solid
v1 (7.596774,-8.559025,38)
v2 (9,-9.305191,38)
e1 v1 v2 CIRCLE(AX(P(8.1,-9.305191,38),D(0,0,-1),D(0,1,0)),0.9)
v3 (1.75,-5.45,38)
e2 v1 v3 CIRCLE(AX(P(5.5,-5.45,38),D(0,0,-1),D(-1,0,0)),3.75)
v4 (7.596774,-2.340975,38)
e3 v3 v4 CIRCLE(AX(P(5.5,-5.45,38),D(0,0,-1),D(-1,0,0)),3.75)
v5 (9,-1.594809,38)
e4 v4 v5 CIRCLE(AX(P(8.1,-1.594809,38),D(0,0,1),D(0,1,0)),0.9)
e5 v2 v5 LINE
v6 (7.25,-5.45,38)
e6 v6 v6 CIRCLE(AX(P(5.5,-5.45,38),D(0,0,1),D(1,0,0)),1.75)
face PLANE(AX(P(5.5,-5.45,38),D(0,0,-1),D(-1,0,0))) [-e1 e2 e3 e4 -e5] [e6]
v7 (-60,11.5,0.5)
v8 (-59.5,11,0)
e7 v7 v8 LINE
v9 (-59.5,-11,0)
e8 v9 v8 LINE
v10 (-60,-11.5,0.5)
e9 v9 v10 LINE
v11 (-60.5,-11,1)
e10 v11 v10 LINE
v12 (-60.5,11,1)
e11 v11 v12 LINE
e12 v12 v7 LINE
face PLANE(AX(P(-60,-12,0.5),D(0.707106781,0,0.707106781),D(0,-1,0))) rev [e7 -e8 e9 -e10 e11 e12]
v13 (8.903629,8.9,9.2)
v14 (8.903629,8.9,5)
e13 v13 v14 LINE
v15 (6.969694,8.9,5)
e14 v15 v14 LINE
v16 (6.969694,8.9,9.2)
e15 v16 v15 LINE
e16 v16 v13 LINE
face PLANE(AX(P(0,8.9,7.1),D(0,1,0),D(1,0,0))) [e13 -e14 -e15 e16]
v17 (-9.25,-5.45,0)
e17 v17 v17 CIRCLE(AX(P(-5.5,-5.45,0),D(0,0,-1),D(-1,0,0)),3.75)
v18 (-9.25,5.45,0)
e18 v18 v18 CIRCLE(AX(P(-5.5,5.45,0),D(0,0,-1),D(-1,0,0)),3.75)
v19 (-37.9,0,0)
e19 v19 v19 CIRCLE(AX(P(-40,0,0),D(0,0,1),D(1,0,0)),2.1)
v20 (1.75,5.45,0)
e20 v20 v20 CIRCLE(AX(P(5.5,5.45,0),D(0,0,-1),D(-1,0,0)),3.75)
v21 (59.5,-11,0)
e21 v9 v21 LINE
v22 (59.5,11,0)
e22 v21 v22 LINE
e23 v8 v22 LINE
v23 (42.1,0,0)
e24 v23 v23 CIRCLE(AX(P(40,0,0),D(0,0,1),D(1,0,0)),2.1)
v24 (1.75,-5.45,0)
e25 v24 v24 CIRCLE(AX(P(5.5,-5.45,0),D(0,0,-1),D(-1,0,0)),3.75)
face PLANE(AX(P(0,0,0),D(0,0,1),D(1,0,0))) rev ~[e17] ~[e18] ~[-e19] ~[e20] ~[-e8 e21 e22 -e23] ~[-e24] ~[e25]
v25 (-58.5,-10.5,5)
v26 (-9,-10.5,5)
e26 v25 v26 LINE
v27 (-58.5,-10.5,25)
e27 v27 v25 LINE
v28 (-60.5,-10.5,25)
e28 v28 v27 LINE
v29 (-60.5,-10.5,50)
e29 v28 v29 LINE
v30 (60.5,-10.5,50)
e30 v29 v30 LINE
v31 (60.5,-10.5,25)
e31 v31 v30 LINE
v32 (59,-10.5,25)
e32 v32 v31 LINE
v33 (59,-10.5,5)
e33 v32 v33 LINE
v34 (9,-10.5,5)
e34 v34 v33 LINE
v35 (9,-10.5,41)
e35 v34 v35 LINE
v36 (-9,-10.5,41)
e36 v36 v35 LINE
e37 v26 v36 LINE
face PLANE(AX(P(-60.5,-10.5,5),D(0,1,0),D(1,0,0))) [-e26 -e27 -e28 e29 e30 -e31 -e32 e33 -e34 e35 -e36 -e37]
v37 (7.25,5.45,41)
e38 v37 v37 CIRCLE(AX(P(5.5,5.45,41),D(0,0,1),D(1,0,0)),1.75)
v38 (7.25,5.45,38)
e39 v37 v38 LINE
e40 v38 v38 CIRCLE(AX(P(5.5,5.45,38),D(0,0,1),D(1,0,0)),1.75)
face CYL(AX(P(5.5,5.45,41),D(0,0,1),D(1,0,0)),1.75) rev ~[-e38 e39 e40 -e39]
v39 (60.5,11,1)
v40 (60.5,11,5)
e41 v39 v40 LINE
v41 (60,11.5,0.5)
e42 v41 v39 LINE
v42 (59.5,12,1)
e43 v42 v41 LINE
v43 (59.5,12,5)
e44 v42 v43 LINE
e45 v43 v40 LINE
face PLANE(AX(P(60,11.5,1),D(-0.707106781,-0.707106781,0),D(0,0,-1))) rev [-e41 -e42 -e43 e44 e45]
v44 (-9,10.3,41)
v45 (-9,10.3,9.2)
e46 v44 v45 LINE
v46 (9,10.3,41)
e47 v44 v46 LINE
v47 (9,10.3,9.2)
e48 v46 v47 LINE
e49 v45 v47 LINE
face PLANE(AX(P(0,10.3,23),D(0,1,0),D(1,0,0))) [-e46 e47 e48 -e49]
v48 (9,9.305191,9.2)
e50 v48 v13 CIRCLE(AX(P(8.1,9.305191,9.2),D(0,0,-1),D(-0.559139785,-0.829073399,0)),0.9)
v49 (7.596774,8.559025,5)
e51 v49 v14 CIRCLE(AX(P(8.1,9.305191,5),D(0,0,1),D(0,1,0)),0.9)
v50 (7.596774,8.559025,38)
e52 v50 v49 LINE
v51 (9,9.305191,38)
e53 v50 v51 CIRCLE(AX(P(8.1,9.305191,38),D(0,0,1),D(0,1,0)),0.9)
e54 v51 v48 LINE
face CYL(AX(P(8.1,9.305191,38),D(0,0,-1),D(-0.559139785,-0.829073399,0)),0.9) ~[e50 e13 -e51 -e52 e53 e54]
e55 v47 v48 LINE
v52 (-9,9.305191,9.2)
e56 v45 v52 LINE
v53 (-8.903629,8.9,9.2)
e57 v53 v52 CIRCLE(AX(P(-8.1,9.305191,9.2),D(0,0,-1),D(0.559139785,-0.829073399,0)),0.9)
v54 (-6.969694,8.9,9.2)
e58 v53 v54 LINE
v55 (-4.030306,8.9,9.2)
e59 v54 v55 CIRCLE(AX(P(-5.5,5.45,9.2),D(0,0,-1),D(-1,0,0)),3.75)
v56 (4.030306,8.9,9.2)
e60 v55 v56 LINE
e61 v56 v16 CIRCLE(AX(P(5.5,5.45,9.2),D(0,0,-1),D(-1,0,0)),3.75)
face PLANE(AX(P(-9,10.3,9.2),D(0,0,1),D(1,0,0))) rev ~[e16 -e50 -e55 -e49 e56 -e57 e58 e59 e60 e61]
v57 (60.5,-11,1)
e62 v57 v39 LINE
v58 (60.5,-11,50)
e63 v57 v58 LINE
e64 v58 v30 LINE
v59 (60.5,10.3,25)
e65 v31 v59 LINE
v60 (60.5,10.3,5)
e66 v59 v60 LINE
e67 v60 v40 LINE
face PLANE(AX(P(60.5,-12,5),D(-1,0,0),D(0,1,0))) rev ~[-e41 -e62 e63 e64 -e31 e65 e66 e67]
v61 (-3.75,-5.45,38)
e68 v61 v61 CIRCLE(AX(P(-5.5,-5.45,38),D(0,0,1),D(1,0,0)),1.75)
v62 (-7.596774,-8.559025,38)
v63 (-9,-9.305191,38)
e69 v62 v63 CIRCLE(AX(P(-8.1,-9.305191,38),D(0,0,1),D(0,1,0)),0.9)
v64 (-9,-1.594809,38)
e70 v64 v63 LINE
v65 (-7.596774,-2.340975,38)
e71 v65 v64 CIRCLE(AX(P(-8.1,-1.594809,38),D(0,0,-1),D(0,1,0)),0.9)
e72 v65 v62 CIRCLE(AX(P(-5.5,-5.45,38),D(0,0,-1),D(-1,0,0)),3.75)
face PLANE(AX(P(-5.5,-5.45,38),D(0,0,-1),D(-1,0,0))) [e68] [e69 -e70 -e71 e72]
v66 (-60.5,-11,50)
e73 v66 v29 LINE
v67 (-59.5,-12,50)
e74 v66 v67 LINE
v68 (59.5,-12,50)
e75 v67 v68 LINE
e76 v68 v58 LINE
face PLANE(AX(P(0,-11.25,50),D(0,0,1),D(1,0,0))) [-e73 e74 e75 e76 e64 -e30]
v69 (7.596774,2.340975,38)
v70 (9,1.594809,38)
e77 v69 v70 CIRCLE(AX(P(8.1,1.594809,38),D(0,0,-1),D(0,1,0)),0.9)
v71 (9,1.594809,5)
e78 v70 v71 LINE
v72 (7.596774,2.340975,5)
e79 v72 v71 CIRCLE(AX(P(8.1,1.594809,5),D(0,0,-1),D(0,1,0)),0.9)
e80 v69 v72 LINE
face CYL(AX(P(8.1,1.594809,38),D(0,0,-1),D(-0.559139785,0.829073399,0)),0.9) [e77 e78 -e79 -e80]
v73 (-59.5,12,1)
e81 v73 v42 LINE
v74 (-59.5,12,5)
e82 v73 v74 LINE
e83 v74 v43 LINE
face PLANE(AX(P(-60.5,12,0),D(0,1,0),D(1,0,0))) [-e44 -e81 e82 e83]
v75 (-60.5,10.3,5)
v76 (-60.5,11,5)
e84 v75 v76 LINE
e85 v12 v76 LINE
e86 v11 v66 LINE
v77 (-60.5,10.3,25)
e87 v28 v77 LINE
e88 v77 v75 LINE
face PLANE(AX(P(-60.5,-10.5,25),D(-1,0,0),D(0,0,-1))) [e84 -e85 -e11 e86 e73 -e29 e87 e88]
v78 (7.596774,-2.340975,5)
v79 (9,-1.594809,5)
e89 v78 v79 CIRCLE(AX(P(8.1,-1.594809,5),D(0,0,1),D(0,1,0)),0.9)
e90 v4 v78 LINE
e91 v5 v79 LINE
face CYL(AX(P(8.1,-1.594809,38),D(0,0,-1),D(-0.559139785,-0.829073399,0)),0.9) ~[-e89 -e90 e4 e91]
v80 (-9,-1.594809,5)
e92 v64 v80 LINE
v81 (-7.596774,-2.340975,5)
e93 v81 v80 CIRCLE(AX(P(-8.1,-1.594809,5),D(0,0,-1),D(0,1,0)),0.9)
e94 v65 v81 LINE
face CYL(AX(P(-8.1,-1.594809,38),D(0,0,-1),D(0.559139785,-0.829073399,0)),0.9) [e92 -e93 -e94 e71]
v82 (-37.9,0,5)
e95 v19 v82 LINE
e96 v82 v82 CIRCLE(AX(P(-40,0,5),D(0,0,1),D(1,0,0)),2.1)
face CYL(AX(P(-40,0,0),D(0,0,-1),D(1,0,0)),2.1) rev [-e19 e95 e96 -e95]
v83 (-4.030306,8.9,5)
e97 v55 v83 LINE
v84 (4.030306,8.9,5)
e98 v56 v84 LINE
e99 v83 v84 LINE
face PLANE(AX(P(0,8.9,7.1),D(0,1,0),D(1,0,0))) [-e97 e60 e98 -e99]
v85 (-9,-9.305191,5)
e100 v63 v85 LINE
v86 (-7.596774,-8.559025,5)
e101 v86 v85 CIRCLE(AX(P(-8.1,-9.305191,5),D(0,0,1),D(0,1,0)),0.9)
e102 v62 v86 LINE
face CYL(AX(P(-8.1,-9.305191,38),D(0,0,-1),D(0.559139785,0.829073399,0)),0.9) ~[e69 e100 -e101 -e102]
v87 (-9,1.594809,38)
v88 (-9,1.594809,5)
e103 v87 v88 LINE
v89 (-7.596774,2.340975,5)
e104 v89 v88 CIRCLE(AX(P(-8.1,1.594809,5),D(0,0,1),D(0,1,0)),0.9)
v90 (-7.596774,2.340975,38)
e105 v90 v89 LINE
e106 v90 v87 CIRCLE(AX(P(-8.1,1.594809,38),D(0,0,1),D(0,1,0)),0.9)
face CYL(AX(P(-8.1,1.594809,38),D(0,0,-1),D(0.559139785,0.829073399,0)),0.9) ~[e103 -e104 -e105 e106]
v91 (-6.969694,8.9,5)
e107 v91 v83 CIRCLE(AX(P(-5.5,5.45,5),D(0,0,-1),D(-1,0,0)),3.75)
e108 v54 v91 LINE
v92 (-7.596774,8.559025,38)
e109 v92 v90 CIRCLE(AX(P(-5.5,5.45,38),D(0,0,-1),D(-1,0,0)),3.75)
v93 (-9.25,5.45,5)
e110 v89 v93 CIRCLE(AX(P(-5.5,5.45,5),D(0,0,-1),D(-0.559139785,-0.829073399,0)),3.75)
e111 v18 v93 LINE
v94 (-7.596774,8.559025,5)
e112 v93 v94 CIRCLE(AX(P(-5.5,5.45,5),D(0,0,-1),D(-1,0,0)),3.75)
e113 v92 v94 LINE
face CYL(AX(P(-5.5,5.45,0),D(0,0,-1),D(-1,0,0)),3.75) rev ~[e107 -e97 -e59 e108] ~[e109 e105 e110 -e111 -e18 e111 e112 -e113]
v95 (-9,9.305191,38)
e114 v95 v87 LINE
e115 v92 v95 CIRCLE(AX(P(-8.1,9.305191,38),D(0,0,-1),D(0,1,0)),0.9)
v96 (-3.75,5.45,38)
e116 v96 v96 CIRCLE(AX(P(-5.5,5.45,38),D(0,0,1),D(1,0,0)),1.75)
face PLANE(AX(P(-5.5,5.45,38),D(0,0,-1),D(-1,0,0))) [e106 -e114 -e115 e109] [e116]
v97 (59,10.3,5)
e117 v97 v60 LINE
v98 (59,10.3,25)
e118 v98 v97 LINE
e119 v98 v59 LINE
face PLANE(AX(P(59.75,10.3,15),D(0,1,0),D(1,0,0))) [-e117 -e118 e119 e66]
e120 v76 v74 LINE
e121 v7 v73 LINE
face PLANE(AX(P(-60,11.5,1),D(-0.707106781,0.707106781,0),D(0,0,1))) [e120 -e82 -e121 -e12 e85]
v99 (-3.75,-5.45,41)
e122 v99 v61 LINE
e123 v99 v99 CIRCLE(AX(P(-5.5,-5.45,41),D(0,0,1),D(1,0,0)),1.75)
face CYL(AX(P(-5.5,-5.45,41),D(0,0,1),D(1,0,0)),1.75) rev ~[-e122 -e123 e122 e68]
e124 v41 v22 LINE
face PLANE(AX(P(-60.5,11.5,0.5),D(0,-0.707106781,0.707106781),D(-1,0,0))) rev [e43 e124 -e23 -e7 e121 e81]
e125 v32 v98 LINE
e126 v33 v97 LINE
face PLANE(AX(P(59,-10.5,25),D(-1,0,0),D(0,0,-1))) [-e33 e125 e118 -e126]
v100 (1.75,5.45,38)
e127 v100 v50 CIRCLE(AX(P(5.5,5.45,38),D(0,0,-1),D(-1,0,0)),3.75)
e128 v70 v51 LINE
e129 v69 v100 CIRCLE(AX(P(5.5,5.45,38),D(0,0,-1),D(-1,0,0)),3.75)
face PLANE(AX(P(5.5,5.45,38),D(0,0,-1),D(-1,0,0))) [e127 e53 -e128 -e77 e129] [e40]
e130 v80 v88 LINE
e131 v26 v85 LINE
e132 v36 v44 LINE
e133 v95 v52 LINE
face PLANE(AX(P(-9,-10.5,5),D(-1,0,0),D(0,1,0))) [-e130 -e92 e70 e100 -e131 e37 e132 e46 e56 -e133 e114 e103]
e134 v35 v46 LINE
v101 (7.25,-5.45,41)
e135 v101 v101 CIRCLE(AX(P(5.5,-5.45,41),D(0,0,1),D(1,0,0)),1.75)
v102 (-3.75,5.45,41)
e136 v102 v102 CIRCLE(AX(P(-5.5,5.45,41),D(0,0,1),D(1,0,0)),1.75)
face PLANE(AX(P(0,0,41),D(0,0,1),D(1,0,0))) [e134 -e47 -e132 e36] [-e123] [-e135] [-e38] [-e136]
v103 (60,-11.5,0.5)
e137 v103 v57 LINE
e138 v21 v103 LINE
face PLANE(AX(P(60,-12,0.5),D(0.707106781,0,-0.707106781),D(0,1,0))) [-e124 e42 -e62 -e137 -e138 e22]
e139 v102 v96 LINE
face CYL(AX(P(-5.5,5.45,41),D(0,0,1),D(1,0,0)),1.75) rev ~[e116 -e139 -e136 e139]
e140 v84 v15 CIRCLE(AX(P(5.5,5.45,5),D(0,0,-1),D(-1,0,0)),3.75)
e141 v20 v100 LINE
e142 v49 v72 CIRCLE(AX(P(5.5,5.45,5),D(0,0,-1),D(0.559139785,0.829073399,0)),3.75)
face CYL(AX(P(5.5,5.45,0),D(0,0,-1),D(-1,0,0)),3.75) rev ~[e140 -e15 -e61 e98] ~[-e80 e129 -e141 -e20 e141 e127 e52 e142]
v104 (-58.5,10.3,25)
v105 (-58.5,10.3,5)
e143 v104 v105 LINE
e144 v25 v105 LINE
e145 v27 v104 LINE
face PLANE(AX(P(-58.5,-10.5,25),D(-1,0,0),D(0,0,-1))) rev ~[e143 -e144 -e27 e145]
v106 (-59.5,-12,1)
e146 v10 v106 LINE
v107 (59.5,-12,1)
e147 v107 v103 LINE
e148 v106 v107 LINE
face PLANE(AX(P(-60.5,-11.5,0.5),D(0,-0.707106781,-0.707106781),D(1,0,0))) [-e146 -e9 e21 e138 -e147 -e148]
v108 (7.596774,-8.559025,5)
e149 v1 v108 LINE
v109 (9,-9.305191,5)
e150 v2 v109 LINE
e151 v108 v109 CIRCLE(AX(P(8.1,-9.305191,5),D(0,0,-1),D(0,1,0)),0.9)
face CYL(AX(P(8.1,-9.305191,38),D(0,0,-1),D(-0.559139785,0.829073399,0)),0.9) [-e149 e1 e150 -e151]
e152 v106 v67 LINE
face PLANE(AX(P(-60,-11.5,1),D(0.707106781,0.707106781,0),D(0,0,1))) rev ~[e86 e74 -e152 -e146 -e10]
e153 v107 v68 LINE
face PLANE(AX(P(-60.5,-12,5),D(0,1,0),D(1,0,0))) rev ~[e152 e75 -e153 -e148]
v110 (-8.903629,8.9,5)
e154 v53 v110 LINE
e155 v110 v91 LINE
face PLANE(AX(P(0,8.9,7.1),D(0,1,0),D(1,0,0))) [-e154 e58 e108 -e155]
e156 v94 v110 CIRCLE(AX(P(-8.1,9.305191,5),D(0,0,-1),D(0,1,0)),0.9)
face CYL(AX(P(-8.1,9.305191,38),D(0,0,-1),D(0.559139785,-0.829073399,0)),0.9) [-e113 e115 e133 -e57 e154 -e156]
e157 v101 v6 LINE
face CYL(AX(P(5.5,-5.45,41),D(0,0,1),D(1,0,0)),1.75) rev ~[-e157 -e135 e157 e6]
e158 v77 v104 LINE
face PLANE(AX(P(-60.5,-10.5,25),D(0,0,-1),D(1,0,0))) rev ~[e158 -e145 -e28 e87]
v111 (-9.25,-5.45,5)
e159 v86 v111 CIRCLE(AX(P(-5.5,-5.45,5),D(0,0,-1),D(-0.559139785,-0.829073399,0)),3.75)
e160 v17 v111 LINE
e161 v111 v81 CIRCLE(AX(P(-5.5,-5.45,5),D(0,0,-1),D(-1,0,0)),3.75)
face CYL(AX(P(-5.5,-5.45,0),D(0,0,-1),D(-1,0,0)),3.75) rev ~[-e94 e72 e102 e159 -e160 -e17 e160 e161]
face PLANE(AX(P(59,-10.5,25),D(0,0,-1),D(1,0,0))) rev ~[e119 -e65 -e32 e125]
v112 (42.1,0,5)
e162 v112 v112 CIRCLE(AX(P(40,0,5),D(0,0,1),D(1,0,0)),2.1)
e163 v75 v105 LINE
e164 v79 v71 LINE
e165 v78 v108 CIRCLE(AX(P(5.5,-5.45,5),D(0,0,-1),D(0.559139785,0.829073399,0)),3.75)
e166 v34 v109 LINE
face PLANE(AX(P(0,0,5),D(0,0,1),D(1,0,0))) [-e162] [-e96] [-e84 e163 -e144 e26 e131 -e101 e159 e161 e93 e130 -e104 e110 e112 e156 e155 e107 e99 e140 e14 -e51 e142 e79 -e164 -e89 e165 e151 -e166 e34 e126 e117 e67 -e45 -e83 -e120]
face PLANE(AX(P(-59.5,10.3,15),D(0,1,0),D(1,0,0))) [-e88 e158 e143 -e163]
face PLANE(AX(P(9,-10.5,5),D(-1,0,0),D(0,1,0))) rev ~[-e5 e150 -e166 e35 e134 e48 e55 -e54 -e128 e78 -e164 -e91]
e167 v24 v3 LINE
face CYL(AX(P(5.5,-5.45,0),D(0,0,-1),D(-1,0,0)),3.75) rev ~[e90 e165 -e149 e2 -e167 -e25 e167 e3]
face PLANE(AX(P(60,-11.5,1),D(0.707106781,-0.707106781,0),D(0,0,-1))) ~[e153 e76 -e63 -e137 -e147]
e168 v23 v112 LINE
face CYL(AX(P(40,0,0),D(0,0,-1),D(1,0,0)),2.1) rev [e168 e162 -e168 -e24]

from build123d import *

# Parameters (mm, degrees)
SZKIC1_W                    = 121
SZKIC1_H                    = 24
SZKIC1_R                    = 2.1
DODANIE_WYCI_GNI_CIE1_DEPTH = 5
SZKIC2_W                    = 18
SZKIC2_H                    = 21
DODANIE_WYCI_GNI_CIE2_DEPTH = 36
WYTNIJ_WYCI_GNI_CIE1_REACH  = 76.062
SZKIC3_R                    = 1.75
SZKIC4_R                    = 3.75
WYTNIJ_WYCI_GNI_CIE2_DEPTH  = 38
ZAOKR_GLENIE1_R             = 0.9
SZKIC5_W                    = 121
SZKIC5_H                    = 1.5
DODANIE_WYCI_GNI_CIE3_DEPTH = 45
SZKIC6_W                    = 18
SZKIC6_H                    = 36
WYTNIJ_WYCI_GNI_CIE3_DEPTH  = 0.2
SZKIC7_W                    = 18
SZKIC7_H                    = 4.2
WYTNIJ_WYCI_GNI_CIE4_DEPTH  = 1.4
SZKIC8_W                    = 2
SZKIC8_H                    = 20
SZKIC8_W_2                  = 1.5
DODANIE_WYCI_GNI_CIE4_DEPTH = 20.8
SFAZOWANIE1_SIZE            = 1
SFAZOWANIE2_SIZE            = 1


with BuildPart() as part:
    # Szkic1 → Dodanie-wyciągnięcie1 (new body)
    with BuildSketch(Plane.XY):
        Rectangle(SZKIC1_W, SZKIC1_H)
        with Locations((-40, 0)):
            Circle(SZKIC1_R, mode=Mode.SUBTRACT)
        with Locations((40, 0)):
            Circle(SZKIC1_R, mode=Mode.SUBTRACT)
    extrude(amount=DODANIE_WYCI_GNI_CIE1_DEPTH)

    # Szkic2 → Dodanie-wyciągnięcie2 (add)
    with BuildSketch(Plane.XY.offset(5)):
        Rectangle(SZKIC2_W, SZKIC2_H)
    extrude(amount=DODANIE_WYCI_GNI_CIE2_DEPTH)

    # Szkic3 → Wytnij-wyciągnięcie1 (cut, up to next)
    with BuildSketch(Plane.XY.offset(41), mode=Mode.PRIVATE) as wytnij_wyci_gni_cie1_sk1:
        with Locations((-5.5, 5.45)):
            Circle(SZKIC3_R)
    wytnij_wyci_gni_cie1_tool1 = extrude(wytnij_wyci_gni_cie1_sk1.sketch, amount=-WYTNIJ_WYCI_GNI_CIE1_REACH, mode=Mode.PRIVATE) & part.part
    # Szkic3 → Wytnij-wyciągnięcie1 (cut, up to next)
    with BuildSketch(Plane.XY.offset(41), mode=Mode.PRIVATE) as wytnij_wyci_gni_cie1_sk2:
        with Locations((-5.5, -5.45)):
            Circle(SZKIC3_R)
    wytnij_wyci_gni_cie1_tool2 = extrude(wytnij_wyci_gni_cie1_sk2.sketch, amount=-WYTNIJ_WYCI_GNI_CIE1_REACH, mode=Mode.PRIVATE) & part.part
    # Szkic3 → Wytnij-wyciągnięcie1 (cut, up to next)
    with BuildSketch(Plane.XY.offset(41), mode=Mode.PRIVATE) as wytnij_wyci_gni_cie1_sk3:
        with Locations((5.5, -5.45)):
            Circle(SZKIC3_R)
    wytnij_wyci_gni_cie1_tool3 = extrude(wytnij_wyci_gni_cie1_sk3.sketch, amount=-WYTNIJ_WYCI_GNI_CIE1_REACH, mode=Mode.PRIVATE) & part.part
    # Szkic3 → Wytnij-wyciągnięcie1 (cut, up to next)
    with BuildSketch(Plane.XY.offset(41), mode=Mode.PRIVATE) as wytnij_wyci_gni_cie1_sk4:
        with Locations((5.5, 5.45)):
            Circle(SZKIC3_R)
    wytnij_wyci_gni_cie1_tool4 = extrude(wytnij_wyci_gni_cie1_sk4.sketch, amount=-WYTNIJ_WYCI_GNI_CIE1_REACH, mode=Mode.PRIVATE) & part.part
    add(wytnij_wyci_gni_cie1_tool1.solids().sort_by_distance((-5.5, 5.45, 41))[0], mode=Mode.SUBTRACT)
    add(wytnij_wyci_gni_cie1_tool2.solids().sort_by_distance((-5.5, -5.45, 41))[0], mode=Mode.SUBTRACT)
    add(wytnij_wyci_gni_cie1_tool3.solids().sort_by_distance((5.5, -5.45, 41))[0], mode=Mode.SUBTRACT)
    add(wytnij_wyci_gni_cie1_tool4.solids().sort_by_distance((5.5, 5.45, 41))[0], mode=Mode.SUBTRACT)

    # Szkic4 → Wytnij-wyciągnięcie2 (cut)
    with BuildSketch(Plane(origin=(0, 0, 0), x_dir=(-1, 0, 0), z_dir=(0, 0, -1))):
        with Locations((-5.5, 5.45)):
            Circle(SZKIC4_R)
        with Locations((-5.5, -5.45)):
            Circle(SZKIC4_R)
        with Locations((5.5, 5.45)):
            Circle(SZKIC4_R)
        with Locations((5.5, -5.45)):
            Circle(SZKIC4_R)
    extrude(amount=-WYTNIJ_WYCI_GNI_CIE2_DEPTH, mode=Mode.SUBTRACT)

    # Zaokrąglenie1
    zaokr_glenie1_edges = [part.edges().sort_by_distance(p)[0] for p in [
        (-9, -4.103708798, 21.5),
        (-9, -6.796291202, 21.5),
        (-9, 6.796291202, 21.5),
        (-9, 4.103708798, 21.5),
        (9, 4.103708798, 21.5),
        (9, 6.796291202, 21.5),
        (9, -6.796291202, 21.5),
        (9, -4.103708798, 21.5),
    ]]
    fillet(zaokr_glenie1_edges, radius=ZAOKR_GLENIE1_R)

    # Szkic5 → Dodanie-wyciągnięcie3 (add)
    with BuildSketch(Plane.XY.offset(5)):
        with Locations((0, -11.25)):
            Rectangle(SZKIC5_W, SZKIC5_H)
    extrude(amount=DODANIE_WYCI_GNI_CIE3_DEPTH)

    # Szkic6 → Wytnij-wyciągnięcie3 (cut)
    with BuildSketch(Plane(origin=(0, 10.5, 0), x_dir=(1, 0, 0), z_dir=(0, 1, 0))):
        with Locations((0, -23)):
            Rectangle(SZKIC6_W, SZKIC6_H)
    extrude(amount=-WYTNIJ_WYCI_GNI_CIE3_DEPTH, mode=Mode.SUBTRACT)

    # Szkic7 → Wytnij-wyciągnięcie4 (cut)
    with BuildSketch(Plane(origin=(0, 10.3, 0), x_dir=(1, 0, 0), z_dir=(0, 1, 0))):
        with Locations((0, -7.1)):
            Rectangle(SZKIC7_W, SZKIC7_H)
    extrude(amount=-WYTNIJ_WYCI_GNI_CIE4_DEPTH, mode=Mode.SUBTRACT)

    # Szkic8 → Dodanie-wyciągnięcie4 (add)
    with BuildSketch(Plane(origin=(0, -10.5, 0), x_dir=(1, 0, 0), z_dir=(0, 1, 0))):
        with Locations((-59.5, -15)):
            Rectangle(SZKIC8_W, SZKIC8_H)
        with Locations((59.75, -15)):
            Rectangle(SZKIC8_W_2, SZKIC8_H)
    extrude(amount=DODANIE_WYCI_GNI_CIE4_DEPTH)

    # Sfazowanie1
    sfazowanie1_edges = [part.edges().sort_by_distance(p)[0] for p in [
        (0, -12, 0),
        (-60.5, 0, 0),
        (0, 12, 0),
        (60.5, 0, 0),
    ]]
    chamfer(sfazowanie1_edges, length=SFAZOWANIE1_SIZE)

    # Sfazowanie2
    sfazowanie2_edges = [part.edges().sort_by_distance(p)[0] for p in [
        (60.5, -12, 25.5),
        (-60.5, -12, 25.5),
        (-60.5, 12, 3),
        (60.5, 12, 3),
    ]]
    chamfer(sfazowanie2_edges, length=SFAZOWANIE2_SIZE)


solid = part.part
